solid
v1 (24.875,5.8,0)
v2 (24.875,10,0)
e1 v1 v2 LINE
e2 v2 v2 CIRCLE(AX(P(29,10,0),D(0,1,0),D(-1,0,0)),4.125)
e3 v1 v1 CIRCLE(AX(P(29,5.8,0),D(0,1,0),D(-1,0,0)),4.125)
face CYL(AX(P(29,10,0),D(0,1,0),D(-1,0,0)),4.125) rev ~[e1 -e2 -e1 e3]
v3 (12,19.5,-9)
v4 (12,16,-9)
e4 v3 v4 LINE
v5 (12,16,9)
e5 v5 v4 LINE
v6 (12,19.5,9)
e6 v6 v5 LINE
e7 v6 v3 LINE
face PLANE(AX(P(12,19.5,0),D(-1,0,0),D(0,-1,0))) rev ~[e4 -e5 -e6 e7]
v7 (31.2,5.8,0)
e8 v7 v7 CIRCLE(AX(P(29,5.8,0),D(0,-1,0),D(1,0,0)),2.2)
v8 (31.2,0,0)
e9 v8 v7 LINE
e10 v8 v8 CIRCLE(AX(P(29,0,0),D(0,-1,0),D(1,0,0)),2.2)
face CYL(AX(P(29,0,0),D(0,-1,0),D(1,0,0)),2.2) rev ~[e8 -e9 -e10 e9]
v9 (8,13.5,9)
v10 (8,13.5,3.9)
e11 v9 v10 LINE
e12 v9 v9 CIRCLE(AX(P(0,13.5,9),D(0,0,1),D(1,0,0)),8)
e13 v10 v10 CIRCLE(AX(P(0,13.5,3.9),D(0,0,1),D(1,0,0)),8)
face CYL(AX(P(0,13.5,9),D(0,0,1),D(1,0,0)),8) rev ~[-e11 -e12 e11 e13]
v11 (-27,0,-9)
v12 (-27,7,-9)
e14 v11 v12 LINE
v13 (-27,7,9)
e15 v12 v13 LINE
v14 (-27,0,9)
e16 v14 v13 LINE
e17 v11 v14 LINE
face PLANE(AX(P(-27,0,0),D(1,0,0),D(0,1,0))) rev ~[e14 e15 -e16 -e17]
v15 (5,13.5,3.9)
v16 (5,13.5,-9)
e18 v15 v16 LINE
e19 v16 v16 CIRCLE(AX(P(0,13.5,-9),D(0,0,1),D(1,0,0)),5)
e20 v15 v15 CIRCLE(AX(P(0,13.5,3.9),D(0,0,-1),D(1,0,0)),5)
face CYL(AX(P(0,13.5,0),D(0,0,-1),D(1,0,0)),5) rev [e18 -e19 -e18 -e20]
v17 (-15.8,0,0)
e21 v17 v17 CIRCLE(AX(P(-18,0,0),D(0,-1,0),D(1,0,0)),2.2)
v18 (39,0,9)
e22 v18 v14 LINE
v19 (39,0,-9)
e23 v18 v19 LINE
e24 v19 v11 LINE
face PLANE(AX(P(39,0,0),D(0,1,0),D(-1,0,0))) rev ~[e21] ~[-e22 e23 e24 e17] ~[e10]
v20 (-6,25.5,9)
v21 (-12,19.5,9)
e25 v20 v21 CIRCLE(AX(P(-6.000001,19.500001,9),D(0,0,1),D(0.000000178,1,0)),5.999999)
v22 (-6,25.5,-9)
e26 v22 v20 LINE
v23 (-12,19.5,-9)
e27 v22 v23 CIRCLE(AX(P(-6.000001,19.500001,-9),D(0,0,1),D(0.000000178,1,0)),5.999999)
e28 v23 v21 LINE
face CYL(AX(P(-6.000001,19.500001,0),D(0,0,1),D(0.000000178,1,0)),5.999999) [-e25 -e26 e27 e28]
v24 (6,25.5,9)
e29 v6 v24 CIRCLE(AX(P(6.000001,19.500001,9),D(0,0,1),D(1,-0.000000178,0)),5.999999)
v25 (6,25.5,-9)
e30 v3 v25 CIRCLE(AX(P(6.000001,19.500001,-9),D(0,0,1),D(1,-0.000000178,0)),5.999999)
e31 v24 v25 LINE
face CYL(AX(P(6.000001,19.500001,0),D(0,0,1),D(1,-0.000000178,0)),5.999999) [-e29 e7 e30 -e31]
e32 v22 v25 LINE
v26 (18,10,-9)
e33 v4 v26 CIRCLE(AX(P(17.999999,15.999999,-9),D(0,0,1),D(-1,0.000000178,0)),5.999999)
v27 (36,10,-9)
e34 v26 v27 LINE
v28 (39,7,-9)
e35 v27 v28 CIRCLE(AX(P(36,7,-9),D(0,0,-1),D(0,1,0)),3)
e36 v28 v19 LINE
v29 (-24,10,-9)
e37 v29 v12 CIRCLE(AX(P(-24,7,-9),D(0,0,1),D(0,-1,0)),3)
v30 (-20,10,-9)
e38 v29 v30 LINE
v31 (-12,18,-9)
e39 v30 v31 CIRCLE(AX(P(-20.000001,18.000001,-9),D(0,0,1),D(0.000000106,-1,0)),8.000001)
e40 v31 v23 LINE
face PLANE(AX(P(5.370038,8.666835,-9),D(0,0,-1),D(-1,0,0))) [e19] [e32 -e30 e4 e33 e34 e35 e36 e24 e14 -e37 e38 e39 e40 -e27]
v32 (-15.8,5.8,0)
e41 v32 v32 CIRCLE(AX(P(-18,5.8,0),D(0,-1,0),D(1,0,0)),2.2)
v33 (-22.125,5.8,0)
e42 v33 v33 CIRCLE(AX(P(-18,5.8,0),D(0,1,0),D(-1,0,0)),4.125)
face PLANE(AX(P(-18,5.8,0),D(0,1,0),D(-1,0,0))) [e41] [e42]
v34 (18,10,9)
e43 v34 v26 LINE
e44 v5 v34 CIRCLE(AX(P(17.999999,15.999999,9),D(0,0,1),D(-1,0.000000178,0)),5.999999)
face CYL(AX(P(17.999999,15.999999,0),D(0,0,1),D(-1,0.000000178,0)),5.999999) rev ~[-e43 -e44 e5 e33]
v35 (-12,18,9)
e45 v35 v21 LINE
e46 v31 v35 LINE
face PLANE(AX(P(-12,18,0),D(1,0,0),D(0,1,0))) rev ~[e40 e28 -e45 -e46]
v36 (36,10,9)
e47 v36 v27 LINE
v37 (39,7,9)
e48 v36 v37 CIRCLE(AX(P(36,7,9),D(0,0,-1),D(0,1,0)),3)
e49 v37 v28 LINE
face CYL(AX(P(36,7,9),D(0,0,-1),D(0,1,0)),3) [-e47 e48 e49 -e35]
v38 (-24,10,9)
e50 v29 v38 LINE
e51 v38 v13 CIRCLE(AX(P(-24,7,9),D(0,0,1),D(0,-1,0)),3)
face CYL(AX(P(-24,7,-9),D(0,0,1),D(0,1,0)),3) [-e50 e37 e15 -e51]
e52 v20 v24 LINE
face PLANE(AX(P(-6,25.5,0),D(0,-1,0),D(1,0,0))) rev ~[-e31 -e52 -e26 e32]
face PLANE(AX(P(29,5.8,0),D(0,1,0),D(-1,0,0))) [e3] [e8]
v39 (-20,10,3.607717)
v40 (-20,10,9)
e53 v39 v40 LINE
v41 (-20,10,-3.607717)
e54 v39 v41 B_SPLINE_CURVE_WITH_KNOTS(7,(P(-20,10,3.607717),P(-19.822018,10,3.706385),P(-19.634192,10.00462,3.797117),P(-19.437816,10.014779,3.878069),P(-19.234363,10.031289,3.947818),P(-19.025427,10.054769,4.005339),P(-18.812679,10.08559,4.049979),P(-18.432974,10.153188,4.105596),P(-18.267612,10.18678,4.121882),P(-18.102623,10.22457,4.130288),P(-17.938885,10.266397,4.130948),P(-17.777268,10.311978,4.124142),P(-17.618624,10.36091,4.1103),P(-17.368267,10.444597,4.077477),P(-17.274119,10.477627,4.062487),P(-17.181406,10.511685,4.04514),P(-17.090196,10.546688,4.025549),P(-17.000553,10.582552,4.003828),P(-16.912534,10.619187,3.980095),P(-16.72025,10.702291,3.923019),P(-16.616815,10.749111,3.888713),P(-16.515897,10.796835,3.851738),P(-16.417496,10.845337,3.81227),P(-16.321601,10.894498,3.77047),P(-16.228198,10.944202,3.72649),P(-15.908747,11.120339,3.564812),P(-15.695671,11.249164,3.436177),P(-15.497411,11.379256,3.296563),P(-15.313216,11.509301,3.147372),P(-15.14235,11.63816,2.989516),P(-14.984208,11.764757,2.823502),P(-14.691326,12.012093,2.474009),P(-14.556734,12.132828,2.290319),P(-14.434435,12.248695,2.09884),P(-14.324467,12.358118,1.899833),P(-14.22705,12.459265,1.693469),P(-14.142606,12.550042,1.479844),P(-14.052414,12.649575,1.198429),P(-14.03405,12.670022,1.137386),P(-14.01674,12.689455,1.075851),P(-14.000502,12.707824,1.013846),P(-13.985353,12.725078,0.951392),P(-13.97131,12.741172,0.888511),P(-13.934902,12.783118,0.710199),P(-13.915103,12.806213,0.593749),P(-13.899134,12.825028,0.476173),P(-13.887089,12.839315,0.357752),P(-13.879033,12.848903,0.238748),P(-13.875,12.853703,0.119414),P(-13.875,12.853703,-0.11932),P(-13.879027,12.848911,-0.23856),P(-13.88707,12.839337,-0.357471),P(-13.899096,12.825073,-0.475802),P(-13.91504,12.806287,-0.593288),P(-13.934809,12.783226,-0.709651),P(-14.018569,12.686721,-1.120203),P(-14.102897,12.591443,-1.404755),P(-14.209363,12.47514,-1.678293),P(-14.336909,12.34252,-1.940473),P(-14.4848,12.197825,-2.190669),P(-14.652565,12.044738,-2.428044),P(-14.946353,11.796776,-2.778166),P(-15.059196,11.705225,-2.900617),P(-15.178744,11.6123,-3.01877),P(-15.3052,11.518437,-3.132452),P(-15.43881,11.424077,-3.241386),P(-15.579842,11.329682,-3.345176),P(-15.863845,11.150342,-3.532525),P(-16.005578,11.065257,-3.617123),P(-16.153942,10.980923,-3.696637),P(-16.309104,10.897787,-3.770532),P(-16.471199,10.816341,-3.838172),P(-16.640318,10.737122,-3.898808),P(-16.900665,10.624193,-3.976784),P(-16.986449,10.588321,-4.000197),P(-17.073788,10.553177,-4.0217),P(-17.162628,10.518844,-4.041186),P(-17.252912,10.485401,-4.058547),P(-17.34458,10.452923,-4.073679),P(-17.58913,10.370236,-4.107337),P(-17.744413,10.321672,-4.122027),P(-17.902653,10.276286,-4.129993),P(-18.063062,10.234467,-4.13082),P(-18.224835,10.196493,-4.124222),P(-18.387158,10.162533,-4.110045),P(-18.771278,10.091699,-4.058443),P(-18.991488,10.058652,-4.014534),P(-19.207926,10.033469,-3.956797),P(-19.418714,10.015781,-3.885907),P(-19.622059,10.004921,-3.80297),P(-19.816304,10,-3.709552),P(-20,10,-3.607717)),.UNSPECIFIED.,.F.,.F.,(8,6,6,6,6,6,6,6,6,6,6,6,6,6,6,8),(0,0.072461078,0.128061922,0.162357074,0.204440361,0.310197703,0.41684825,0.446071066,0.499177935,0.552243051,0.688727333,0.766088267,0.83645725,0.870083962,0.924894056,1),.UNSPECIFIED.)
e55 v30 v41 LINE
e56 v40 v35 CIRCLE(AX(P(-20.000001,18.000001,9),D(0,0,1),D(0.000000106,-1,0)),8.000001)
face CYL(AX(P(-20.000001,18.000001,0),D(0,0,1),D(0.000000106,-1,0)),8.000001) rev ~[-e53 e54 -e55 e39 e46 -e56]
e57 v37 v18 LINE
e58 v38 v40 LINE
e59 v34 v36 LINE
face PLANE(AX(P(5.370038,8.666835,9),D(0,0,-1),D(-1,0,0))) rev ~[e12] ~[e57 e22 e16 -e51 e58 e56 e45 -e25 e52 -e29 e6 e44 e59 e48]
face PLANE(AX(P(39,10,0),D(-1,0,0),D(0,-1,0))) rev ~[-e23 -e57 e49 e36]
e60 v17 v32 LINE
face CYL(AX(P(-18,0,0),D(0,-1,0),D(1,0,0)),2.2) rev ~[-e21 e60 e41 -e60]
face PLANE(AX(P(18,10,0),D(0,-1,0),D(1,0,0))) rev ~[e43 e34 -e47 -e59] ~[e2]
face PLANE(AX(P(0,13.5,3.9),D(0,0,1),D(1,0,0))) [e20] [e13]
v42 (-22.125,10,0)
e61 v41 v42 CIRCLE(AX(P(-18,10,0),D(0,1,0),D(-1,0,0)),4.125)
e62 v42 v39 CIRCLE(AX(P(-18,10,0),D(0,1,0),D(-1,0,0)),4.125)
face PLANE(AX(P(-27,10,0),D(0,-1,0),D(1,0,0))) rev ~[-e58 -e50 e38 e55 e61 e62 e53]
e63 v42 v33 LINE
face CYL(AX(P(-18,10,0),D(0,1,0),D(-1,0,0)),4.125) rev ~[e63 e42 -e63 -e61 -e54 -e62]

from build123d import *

# Parameters (mm, degrees)
SKETCH_R        = 5
PAD_DEPTH       = 9
SKETCH005_R     = 2.2
POCKET_DEPTH    = 25.501
SKETCH006_R     = 8
POCKET001_DEPTH = 5.1
SKETCH007_R     = 4.125
POCKET002_DEPTH = 4.2
FILLET_R        = 3


with BuildPart() as part:
    # Sketch → Pad (new body, symmetric)
    with BuildSketch(Plane.XY):
        with BuildLine():
            Line((-6, 25.5), (6, 25.5))
            ThreePointArc((12, 19.5), (10.242641, 23.742641), (6, 25.5))
            Line((12, 19.5), (12, 16))
            ThreePointArc((12, 16), (13.757359, 11.757359), (18, 10))
            Line((18, 10), (39, 10))
            Line((39, 10), (39, 0))
            Line((39, 0), (-27, 0))
            Line((-27, 0), (-27, 10))
            Line((-27, 10), (-20, 10))
            ThreePointArc((-20, 10), (-14.343146, 12.343146), (-12, 18))
            Line((-12, 18), (-12, 19.5))
            ThreePointArc((-6, 25.5), (-10.242641, 23.742641), (-12, 19.5))
        make_face()
        with Locations((0, 13.5)):
            Circle(SKETCH_R, mode=Mode.SUBTRACT)
    extrude(amount=PAD_DEPTH, both=True)

    # Sketch005 (on Face7 of Pad) → Pocket (cut, through all)
    with BuildSketch(Plane.XZ):
        with Locations((29, 0)):
            Circle(SKETCH005_R)
        with Locations((-18, 0)):
            Circle(SKETCH005_R)
    extrude(amount=-POCKET_DEPTH, mode=Mode.SUBTRACT)

    # Sketch006 (on Face5 of Pocket) → Pocket001 (cut)
    with BuildSketch(Plane.XY.offset(9)):
        with Locations((0, 13.5)):
            Circle(SKETCH006_R)
    extrude(amount=-POCKET001_DEPTH, mode=Mode.SUBTRACT)

    # Sketch007 (on Face9 of Pocket001) → Pocket002 (cut, symmetric)
    with BuildSketch(Plane(origin=(0, 10, 0), x_dir=(-1, 0, 0), z_dir=(0, 1, 0))):
        with Locations((18, 0)):
            Circle(SKETCH007_R)
        with Locations((-29, 0)):
            Circle(SKETCH007_R)
    extrude(amount=POCKET002_DEPTH, both=True, mode=Mode.SUBTRACT)

    # Fillet
    fillet_edges = [part.edges().sort_by_distance(p)[0] for p in [
        (39, 10, 0),
        (-27, 10, 0),
    ]]
    fillet(fillet_edges, radius=FILLET_R)


solid = part.part
